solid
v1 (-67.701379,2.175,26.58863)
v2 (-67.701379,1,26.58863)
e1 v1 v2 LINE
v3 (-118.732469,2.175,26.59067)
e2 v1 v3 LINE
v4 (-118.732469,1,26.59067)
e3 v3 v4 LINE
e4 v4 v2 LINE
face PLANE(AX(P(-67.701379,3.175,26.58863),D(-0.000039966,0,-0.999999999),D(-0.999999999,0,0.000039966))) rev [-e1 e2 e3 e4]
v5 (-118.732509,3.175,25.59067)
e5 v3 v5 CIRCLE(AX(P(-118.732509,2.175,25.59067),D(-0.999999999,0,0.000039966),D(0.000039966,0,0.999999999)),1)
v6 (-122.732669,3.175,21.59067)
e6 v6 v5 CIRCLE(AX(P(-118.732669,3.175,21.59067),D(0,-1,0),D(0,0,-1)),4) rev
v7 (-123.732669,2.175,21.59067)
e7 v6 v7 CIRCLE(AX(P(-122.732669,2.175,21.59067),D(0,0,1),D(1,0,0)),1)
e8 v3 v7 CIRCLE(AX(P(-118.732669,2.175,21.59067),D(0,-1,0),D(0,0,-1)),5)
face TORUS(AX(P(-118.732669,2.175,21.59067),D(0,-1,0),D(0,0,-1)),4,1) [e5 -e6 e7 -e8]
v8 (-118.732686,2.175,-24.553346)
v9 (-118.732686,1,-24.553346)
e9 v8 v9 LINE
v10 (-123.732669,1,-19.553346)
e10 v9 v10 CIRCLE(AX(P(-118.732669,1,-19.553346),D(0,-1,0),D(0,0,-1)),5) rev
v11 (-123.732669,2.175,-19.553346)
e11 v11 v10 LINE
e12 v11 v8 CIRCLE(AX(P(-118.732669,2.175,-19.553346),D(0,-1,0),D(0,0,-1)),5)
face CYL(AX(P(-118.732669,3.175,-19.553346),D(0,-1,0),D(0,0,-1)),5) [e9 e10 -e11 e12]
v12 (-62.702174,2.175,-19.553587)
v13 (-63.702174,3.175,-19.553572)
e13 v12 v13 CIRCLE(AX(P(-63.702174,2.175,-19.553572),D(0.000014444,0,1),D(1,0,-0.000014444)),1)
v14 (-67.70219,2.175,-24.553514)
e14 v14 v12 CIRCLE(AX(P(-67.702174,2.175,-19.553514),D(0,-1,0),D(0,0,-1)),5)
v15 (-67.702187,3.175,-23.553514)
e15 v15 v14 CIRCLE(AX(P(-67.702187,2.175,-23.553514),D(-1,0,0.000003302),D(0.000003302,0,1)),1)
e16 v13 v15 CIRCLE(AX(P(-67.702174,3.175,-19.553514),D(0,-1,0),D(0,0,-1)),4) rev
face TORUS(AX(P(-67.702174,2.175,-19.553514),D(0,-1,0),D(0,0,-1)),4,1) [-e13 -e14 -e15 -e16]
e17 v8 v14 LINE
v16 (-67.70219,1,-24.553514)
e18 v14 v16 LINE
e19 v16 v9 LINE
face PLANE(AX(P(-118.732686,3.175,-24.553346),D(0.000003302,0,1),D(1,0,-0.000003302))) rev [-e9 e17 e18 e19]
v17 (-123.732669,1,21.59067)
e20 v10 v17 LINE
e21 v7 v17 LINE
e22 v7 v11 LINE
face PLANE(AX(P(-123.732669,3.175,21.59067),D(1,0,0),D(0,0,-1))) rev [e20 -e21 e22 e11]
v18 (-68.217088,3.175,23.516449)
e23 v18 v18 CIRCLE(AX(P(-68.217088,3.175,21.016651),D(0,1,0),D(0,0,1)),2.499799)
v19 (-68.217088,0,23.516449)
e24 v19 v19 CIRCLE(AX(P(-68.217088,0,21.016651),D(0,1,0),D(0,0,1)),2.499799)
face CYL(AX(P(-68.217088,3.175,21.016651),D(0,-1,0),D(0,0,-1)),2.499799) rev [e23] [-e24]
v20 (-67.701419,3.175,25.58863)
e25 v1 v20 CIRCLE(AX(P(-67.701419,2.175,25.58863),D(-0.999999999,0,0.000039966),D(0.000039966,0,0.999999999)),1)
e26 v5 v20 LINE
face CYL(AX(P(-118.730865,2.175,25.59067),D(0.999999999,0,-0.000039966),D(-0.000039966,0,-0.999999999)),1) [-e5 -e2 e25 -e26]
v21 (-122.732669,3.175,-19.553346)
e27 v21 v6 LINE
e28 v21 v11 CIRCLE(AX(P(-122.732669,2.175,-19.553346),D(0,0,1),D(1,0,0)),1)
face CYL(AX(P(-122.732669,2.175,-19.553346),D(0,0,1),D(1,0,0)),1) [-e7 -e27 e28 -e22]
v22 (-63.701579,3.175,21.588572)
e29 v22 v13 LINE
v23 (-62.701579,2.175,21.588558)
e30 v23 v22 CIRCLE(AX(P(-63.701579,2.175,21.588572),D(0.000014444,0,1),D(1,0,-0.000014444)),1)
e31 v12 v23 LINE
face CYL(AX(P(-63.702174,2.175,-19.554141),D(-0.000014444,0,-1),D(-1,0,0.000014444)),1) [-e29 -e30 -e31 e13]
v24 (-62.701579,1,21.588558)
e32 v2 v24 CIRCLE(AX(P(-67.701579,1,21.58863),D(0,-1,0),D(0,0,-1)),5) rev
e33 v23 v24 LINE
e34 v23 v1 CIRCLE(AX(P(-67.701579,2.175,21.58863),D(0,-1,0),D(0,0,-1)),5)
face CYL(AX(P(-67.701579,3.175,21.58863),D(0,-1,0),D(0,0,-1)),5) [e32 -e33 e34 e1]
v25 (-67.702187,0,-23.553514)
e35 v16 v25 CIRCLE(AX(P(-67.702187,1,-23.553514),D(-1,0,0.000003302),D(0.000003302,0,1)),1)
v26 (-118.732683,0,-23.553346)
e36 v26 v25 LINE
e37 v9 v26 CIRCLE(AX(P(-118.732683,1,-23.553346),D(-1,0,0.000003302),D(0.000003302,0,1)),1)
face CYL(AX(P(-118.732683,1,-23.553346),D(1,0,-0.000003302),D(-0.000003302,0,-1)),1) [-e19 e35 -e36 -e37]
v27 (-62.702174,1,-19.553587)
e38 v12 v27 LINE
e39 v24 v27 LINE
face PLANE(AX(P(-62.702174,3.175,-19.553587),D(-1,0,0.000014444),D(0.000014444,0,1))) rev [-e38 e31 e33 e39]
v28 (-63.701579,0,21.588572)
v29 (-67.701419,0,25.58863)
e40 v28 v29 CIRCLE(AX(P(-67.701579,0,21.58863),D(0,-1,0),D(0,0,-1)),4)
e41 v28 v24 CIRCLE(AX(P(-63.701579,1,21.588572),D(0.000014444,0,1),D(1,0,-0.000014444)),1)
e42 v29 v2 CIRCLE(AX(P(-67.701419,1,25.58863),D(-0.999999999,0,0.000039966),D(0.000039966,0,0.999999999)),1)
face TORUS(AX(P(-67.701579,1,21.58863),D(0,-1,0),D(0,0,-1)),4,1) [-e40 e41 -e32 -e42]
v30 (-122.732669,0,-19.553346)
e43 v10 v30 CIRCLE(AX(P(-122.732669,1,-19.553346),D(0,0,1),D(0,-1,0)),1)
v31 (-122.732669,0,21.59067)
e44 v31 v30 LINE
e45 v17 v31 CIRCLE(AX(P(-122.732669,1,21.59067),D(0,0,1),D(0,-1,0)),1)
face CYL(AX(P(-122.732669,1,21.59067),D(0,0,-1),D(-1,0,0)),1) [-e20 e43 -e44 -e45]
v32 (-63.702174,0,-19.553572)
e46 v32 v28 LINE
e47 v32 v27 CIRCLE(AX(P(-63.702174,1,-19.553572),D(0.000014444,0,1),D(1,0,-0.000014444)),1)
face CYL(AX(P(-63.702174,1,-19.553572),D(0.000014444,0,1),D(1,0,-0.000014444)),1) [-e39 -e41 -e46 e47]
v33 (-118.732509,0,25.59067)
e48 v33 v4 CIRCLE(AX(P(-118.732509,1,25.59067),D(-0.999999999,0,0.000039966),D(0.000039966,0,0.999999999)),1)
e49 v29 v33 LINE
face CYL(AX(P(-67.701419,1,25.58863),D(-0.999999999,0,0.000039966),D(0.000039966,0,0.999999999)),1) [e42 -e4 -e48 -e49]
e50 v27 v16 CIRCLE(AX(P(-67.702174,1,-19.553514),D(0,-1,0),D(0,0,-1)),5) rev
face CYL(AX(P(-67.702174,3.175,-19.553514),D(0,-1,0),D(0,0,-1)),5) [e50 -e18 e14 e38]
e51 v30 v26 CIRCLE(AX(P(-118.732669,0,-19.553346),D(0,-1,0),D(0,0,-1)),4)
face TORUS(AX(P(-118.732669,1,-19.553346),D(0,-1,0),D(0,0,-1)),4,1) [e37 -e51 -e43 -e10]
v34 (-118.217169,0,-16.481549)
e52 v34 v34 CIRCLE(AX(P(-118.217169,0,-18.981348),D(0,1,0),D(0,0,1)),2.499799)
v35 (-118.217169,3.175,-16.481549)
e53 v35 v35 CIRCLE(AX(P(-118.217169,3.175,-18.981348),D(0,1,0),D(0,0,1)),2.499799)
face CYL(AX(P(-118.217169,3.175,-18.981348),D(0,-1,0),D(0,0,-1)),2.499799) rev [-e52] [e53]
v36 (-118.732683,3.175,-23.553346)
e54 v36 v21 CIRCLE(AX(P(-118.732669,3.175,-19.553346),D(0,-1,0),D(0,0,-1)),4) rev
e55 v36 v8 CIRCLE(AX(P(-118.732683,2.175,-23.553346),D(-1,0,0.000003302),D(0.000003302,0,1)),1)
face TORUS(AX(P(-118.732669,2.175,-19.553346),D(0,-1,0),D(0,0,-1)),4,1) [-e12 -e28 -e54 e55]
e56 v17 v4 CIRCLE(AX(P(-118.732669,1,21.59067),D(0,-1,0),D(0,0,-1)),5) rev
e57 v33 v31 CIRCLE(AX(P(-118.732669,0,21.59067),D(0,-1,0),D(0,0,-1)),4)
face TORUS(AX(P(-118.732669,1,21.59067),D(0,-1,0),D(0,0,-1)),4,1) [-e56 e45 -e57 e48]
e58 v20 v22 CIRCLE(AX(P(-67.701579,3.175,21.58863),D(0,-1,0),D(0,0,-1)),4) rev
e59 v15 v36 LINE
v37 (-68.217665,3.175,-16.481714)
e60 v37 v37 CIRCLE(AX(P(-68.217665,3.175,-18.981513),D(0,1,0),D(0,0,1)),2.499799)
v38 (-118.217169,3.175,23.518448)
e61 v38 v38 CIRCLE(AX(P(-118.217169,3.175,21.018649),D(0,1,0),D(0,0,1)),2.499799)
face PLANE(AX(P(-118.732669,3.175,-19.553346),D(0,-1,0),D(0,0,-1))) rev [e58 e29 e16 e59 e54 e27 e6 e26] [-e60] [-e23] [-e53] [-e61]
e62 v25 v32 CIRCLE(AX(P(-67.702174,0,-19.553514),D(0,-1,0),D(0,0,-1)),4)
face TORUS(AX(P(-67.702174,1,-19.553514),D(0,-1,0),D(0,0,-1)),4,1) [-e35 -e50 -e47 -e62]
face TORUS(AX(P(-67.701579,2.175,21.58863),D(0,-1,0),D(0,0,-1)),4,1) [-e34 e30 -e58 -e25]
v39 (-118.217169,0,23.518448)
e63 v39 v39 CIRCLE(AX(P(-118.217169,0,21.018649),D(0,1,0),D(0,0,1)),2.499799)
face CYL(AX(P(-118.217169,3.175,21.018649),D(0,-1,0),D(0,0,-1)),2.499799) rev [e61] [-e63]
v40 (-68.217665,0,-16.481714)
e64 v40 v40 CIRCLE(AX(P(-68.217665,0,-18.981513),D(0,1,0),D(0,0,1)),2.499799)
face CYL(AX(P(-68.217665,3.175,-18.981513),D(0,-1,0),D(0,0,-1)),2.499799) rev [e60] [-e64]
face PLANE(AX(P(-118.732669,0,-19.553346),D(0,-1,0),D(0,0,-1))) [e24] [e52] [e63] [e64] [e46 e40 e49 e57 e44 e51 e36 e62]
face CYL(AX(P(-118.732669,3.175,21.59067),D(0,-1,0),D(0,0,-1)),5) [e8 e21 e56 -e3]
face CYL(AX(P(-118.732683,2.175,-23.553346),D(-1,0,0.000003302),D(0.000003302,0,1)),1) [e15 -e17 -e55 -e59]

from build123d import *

# Parameters (mm, degrees)
SKETCH1_R           = 2.499798637
BOSS_EXTRUDE1_DEPTH = 3.175
FILLET1_R           = 1


with BuildPart() as part:
    # Sketch1 → Boss-Extrude1 (new body)
    with BuildSketch(Plane(origin=(0, 0, 0), x_dir=(1, 0, 0), z_dir=(0, 1, 0))):
        with BuildLine():
            Line((-67.701379439, -26.588630041), (-118.732469461, -26.59066957))
            ThreePointArc((-118.732469461, -26.59066957), (-122.268132547, -25.126274131), (-123.732669293, -21.590669574))
            Line((-123.732669293, -21.590669574), (-123.732669293, 19.553345865))
            ThreePointArc((-123.732669293, 19.553345865), (-122.268209036, 23.088873934), (-118.732685802, 24.553345865))
            Line((-118.732685802, 24.553345865), (-67.702190036, 24.553514364))
            ThreePointArc((-67.702190036, 24.553514364), (-64.166670991, 23.08907964), (-62.702173527, 19.553586583))
            Line((-62.702173527, 19.553586583), (-62.701579271, -21.588557825))
            ThreePointArc((-62.701579271, -21.588557825), (-64.165949181, -25.124067765), (-67.701379439, -26.588630041))
        make_face()
        with Locations((-118.217169293, 18.981347567)):
            Circle(SKETCH1_R, mode=Mode.SUBTRACT)
        with Locations((-68.217665265, 18.981512662)):
            Circle(SKETCH1_R, mode=Mode.SUBTRACT)
        with Locations((-68.217087532, -21.016650648)):
            Circle(SKETCH1_R, mode=Mode.SUBTRACT)
        with Locations((-118.217169293, -21.018648971)):
            Circle(SKETCH1_R, mode=Mode.SUBTRACT)
    extrude(amount=BOSS_EXTRUDE1_DEPTH)

    # Fillet1
    fillet1_edges = [part.edges().sort_by_distance(p)[0] for p in [
        (-122.268132547, 3.175, 25.126274131),
        (-123.732669293, 0, 1.018661855),
        (-122.268209036, 0, -23.088873934),
        (-93.21692445, 3.175, 26.589649806),
        (-64.165949181, 3.175, 25.124067765),
        (-62.701876399, 3.175, 1.017485621),
        (-64.166670991, 3.175, -23.08907964),
        (-93.217437919, 3.175, -24.553430114),
        (-122.268209036, 3.175, -23.088873934),
        (-123.732669293, 3.175, 1.018661855),
        (-93.217437919, 0, -24.553430114),
        (-64.166670991, 0, -23.08907964),
        (-62.701876399, 0, 1.017485621),
        (-64.165949181, 0, 25.124067765),
        (-93.21692445, 0, 26.589649806),
        (-122.268132547, 0, 25.126274131),
    ]]
    fillet(fillet1_edges, radius=FILLET1_R)


solid = part.part
